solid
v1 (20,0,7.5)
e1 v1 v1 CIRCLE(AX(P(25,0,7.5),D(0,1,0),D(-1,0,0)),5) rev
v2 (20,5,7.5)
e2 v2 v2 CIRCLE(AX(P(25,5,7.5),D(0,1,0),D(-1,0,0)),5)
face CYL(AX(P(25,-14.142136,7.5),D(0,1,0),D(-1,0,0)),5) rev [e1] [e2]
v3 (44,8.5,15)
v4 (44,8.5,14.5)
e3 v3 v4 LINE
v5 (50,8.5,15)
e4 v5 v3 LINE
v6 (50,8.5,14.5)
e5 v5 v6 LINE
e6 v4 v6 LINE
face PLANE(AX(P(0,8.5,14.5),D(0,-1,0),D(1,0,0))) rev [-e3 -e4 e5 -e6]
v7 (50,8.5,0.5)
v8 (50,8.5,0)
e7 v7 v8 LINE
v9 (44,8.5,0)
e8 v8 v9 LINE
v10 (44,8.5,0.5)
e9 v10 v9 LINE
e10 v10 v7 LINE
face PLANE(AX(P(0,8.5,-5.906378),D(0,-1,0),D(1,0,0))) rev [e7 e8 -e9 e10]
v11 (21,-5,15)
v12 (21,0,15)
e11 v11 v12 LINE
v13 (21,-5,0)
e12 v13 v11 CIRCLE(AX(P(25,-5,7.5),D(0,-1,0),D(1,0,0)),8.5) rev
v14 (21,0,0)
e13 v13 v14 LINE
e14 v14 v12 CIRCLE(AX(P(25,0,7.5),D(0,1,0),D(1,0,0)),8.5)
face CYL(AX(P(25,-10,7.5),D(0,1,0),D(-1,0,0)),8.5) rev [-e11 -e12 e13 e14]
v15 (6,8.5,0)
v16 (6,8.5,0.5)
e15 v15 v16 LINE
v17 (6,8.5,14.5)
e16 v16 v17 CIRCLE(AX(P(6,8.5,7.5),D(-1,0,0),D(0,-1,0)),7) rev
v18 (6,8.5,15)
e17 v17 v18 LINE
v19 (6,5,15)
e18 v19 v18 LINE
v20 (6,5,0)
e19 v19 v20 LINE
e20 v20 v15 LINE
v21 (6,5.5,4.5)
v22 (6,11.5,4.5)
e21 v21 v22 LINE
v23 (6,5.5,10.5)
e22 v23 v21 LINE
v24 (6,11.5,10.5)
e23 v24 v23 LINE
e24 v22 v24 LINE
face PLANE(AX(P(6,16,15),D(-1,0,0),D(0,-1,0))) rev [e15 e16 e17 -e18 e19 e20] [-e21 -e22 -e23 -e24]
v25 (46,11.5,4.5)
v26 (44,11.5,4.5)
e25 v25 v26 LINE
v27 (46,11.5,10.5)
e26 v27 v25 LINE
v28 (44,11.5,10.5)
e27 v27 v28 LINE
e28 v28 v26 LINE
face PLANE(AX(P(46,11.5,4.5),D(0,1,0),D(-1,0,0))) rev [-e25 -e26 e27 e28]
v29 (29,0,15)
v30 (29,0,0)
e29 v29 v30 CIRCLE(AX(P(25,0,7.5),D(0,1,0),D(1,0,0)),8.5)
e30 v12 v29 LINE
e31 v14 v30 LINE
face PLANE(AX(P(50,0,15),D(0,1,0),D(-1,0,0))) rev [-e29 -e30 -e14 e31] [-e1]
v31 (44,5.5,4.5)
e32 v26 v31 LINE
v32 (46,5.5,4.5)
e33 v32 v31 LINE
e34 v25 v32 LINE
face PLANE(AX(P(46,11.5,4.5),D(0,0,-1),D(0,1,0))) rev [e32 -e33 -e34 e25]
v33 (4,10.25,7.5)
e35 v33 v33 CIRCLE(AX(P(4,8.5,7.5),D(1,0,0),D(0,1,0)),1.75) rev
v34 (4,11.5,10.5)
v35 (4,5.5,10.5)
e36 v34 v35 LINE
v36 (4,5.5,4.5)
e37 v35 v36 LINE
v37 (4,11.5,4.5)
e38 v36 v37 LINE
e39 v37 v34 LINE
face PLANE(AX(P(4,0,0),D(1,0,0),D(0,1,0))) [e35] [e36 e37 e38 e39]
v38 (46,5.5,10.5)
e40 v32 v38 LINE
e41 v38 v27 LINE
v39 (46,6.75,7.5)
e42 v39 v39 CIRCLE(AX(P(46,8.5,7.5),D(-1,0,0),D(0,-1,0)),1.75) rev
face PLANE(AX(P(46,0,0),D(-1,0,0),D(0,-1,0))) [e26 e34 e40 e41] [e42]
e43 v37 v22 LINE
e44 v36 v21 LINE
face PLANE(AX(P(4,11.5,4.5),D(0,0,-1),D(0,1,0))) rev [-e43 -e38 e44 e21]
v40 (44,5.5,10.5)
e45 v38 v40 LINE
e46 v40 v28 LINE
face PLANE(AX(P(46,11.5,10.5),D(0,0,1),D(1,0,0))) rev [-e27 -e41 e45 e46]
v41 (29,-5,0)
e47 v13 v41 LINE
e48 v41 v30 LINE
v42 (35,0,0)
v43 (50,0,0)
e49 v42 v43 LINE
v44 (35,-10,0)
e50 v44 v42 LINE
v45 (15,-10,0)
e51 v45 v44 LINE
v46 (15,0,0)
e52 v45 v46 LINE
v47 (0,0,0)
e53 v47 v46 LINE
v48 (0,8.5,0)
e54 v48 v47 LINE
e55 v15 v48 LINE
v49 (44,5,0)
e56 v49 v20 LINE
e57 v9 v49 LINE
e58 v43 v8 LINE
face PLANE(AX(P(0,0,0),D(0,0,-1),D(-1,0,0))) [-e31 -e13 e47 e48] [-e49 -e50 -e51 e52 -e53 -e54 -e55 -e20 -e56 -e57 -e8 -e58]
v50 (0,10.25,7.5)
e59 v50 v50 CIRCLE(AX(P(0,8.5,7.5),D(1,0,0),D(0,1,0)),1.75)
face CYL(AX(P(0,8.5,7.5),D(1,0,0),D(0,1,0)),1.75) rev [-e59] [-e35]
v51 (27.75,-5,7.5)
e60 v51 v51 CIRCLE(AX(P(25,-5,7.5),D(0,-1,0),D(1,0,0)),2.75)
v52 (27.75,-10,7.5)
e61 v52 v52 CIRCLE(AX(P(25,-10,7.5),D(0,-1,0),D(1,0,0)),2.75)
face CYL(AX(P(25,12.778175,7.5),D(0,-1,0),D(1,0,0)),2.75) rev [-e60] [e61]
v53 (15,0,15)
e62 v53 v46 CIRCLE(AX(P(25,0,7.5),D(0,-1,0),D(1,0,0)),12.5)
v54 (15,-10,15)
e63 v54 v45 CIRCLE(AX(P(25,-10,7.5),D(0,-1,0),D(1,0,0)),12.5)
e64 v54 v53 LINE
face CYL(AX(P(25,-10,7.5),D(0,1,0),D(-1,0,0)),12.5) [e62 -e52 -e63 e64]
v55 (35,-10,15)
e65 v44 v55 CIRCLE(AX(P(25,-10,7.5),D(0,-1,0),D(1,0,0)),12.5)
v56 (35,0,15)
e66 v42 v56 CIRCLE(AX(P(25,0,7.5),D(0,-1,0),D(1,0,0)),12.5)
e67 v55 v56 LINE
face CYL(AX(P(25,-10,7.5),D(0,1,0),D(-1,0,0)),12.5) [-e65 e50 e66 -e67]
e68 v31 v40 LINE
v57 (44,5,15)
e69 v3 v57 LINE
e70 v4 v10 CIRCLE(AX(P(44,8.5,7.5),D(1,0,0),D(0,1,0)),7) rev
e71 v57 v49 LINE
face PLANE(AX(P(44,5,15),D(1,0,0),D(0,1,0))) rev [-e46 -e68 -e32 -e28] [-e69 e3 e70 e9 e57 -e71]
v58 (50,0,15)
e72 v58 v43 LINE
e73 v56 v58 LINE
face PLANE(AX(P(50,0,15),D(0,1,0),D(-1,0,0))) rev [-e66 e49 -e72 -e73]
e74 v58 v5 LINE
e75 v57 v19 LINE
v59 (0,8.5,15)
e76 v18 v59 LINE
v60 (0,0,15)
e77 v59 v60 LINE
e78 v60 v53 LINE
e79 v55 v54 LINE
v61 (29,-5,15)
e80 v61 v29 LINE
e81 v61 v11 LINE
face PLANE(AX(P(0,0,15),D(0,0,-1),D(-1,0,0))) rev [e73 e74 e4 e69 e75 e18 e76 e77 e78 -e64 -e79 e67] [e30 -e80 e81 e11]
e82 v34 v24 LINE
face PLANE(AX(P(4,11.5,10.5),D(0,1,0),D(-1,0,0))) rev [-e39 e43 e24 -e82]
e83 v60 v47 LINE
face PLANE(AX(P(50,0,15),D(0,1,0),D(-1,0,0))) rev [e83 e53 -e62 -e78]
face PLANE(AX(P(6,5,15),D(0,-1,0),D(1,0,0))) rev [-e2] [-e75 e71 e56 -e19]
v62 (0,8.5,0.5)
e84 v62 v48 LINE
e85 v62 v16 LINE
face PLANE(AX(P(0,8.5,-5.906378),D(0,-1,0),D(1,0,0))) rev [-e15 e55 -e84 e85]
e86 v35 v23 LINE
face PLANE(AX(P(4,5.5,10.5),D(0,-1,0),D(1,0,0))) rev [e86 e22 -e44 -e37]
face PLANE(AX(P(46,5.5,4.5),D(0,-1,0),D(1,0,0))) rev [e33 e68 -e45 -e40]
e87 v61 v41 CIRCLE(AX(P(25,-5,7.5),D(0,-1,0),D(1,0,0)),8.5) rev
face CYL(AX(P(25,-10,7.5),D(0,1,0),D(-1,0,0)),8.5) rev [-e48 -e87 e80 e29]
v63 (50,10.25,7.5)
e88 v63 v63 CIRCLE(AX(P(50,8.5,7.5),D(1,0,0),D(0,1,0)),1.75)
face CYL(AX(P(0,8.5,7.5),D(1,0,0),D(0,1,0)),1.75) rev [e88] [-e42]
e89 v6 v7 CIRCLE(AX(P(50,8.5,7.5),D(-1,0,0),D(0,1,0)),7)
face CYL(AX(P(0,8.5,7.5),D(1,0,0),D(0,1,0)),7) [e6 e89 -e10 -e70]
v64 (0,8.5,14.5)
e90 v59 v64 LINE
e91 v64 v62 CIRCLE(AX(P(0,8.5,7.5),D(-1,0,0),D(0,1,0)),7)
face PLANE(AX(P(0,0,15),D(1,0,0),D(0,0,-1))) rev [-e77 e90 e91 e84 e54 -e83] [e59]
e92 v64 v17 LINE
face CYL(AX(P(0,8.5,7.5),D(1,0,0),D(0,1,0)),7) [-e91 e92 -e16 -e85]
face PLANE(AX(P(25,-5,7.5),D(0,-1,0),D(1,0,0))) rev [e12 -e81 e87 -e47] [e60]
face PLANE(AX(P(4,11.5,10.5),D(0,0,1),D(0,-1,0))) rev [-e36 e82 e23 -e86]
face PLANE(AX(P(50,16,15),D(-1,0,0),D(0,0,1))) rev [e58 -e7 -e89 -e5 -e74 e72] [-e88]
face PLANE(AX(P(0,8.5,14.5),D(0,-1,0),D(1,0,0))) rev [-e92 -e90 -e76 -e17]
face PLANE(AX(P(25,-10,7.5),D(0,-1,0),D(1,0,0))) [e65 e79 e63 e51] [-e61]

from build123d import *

# Parameters (mm, degrees)
EXTRUDE_1_DEPTH     = 15
SKETCH_3_R          = 1.75
CUT_EXTRUDE_2_DEPTH = 55.598534779
EXTRUDE_2_DEPTH     = 10
EXTRUDE_START       = -5
EXTRUDE_3_DEPTH     = 5
CUT_EXTRUDE_5_REACH = 60.097
SKETCH_6_R          = 2.75
SKETCH_7_R          = 5
CUT_EXTRUDE_6_DEPTH = 5
SKETCH_10_W         = 6
SKETCH_10_H         = 6
CUT_EXTRUDE_7_DEPTH = 2
SKETCH_11_W         = 6
SKETCH_11_H         = 6
CUT_EXTRUDE_8_DEPTH = 2


with BuildPart() as part:
    # 草图1 → 凸台-拉伸1 (new body)
    with BuildSketch(Plane.XY):
        Polygon((0, 0), (0, 16), (6, 16), (6, 5), (44, 5), (44, 16), (50, 16), (50, 0), align=None)
    extrude(amount=EXTRUDE_1_DEPTH)

    # 草图3 → 切除-拉伸2 (cut, through all)
    with BuildSketch(Plane(origin=(50, 0, 0), x_dir=(0, 0, -1), z_dir=(1, 0, 0))):
        with Locations(Location((-7.5, 8.5, 0), (0, 0, 90))):
            Circle(SKETCH_3_R)
        with BuildLine():
            Line((-14.5, 8.5), (-23.066471686, 8.5))
            Line((-23.066471686, 8.5), (-23.066471686, 64.301280236))
            Line((-23.066471686, 64.301280236), (5.906378089, 64.301280236))
            Line((5.906378089, 64.301280236), (5.906378089, 8.5))
            Line((5.906378089, 8.5), (-0.5, 8.5))
            ThreePointArc((-0.5, 8.5), (-7.5, 15.5), (-14.5, 8.5))
        make_face()
    extrude(amount=-CUT_EXTRUDE_2_DEPTH, mode=Mode.SUBTRACT)

    # 草图8 → 凸台-拉伸2 (add)
    with BuildSketch(Plane.XZ):
        with BuildLine():
            Line((15, 15), (21, 15))
            ThreePointArc((21, 15), (16.5, 7.5), (21, 0))
            Line((21, 0), (15, 0))
            ThreePointArc((15, 0), (12.5, 7.5), (15, 15))
        make_face()
        with BuildLine():
            Line((29, 15), (35, 15))
            ThreePointArc((35, 15), (37.5, 7.5), (35, 0))
            Line((35, 0), (29, 0))
            ThreePointArc((29, 0), (33.5, 7.5), (29, 15))
        make_face()
    extrude(amount=EXTRUDE_2_DEPTH)

    # 草图9 → 凸台-拉伸3 (add)
    with BuildSketch(Plane.XZ.offset(10).offset(EXTRUDE_START)):
        with BuildLine():
            Line((21, 15), (29, 15))
            Line((29, 15), (35, 15))
            ThreePointArc((35, 15), (37.5, 7.5), (35, 0))
            Line((35, 0), (29, 0))
            Line((29, 0), (21, 0))
            Line((21, 0), (15, 0))
            ThreePointArc((15, 0), (12.5, 7.5), (15, 15))
            Line((15, 15), (21, 15))
        make_face()
    extrude(amount=EXTRUDE_3_DEPTH)

    # 切除-拉伸5: up to this face of the body (flat: up to its plane)
    cut_extrude_5_end = Plane(part.part.faces().sort_by_distance((25, 5, 7.5))[0])
    # 草图6 → 切除-拉伸5 (cut, up to the picked face)
    with BuildSketch(Plane.XZ.offset(10), mode=Mode.PRIVATE) as cut_extrude_5_sk1:
        with Locations((25, 7.5)):
            Circle(SKETCH_6_R)
    cut_extrude_5_tool1 = split(extrude(cut_extrude_5_sk1.sketch, amount=-CUT_EXTRUDE_5_REACH, mode=Mode.PRIVATE), bisect_by=cut_extrude_5_end, keep=Keep.BOTH, mode=Mode.PRIVATE)
    add(cut_extrude_5_tool1.solids().sort_by(Axis((25, -10, 7.5), (0, 1, 0)))[0], mode=Mode.SUBTRACT)

    # 草图7 → 切除-拉伸6 (cut)
    with BuildSketch(Plane(origin=(0, 5, 0), x_dir=(1, 0, 0), z_dir=(0, 1, 0))):
        with Locations(Location((25, -7.5, 0), (0, 0, 180))):
            Circle(SKETCH_7_R)
    extrude(amount=-CUT_EXTRUDE_6_DEPTH, mode=Mode.SUBTRACT)

    # 草图10 → 切除-拉伸7 (cut)
    with BuildSketch(Plane.ZY.offset(-44)):
        with Locations((7.5, 8.5)):
            Rectangle(SKETCH_10_W, SKETCH_10_H)
    extrude(amount=-CUT_EXTRUDE_7_DEPTH, mode=Mode.SUBTRACT)

    # 草图11 → 切除-拉伸8 (cut)
    with BuildSketch(Plane(origin=(6, 0, 0), x_dir=(0, 0, -1), z_dir=(1, 0, 0))):
        with Locations((-7.5, 8.5)):
            Rectangle(SKETCH_11_W, SKETCH_11_H)
    extrude(amount=-CUT_EXTRUDE_8_DEPTH, mode=Mode.SUBTRACT)


solid = part.part
